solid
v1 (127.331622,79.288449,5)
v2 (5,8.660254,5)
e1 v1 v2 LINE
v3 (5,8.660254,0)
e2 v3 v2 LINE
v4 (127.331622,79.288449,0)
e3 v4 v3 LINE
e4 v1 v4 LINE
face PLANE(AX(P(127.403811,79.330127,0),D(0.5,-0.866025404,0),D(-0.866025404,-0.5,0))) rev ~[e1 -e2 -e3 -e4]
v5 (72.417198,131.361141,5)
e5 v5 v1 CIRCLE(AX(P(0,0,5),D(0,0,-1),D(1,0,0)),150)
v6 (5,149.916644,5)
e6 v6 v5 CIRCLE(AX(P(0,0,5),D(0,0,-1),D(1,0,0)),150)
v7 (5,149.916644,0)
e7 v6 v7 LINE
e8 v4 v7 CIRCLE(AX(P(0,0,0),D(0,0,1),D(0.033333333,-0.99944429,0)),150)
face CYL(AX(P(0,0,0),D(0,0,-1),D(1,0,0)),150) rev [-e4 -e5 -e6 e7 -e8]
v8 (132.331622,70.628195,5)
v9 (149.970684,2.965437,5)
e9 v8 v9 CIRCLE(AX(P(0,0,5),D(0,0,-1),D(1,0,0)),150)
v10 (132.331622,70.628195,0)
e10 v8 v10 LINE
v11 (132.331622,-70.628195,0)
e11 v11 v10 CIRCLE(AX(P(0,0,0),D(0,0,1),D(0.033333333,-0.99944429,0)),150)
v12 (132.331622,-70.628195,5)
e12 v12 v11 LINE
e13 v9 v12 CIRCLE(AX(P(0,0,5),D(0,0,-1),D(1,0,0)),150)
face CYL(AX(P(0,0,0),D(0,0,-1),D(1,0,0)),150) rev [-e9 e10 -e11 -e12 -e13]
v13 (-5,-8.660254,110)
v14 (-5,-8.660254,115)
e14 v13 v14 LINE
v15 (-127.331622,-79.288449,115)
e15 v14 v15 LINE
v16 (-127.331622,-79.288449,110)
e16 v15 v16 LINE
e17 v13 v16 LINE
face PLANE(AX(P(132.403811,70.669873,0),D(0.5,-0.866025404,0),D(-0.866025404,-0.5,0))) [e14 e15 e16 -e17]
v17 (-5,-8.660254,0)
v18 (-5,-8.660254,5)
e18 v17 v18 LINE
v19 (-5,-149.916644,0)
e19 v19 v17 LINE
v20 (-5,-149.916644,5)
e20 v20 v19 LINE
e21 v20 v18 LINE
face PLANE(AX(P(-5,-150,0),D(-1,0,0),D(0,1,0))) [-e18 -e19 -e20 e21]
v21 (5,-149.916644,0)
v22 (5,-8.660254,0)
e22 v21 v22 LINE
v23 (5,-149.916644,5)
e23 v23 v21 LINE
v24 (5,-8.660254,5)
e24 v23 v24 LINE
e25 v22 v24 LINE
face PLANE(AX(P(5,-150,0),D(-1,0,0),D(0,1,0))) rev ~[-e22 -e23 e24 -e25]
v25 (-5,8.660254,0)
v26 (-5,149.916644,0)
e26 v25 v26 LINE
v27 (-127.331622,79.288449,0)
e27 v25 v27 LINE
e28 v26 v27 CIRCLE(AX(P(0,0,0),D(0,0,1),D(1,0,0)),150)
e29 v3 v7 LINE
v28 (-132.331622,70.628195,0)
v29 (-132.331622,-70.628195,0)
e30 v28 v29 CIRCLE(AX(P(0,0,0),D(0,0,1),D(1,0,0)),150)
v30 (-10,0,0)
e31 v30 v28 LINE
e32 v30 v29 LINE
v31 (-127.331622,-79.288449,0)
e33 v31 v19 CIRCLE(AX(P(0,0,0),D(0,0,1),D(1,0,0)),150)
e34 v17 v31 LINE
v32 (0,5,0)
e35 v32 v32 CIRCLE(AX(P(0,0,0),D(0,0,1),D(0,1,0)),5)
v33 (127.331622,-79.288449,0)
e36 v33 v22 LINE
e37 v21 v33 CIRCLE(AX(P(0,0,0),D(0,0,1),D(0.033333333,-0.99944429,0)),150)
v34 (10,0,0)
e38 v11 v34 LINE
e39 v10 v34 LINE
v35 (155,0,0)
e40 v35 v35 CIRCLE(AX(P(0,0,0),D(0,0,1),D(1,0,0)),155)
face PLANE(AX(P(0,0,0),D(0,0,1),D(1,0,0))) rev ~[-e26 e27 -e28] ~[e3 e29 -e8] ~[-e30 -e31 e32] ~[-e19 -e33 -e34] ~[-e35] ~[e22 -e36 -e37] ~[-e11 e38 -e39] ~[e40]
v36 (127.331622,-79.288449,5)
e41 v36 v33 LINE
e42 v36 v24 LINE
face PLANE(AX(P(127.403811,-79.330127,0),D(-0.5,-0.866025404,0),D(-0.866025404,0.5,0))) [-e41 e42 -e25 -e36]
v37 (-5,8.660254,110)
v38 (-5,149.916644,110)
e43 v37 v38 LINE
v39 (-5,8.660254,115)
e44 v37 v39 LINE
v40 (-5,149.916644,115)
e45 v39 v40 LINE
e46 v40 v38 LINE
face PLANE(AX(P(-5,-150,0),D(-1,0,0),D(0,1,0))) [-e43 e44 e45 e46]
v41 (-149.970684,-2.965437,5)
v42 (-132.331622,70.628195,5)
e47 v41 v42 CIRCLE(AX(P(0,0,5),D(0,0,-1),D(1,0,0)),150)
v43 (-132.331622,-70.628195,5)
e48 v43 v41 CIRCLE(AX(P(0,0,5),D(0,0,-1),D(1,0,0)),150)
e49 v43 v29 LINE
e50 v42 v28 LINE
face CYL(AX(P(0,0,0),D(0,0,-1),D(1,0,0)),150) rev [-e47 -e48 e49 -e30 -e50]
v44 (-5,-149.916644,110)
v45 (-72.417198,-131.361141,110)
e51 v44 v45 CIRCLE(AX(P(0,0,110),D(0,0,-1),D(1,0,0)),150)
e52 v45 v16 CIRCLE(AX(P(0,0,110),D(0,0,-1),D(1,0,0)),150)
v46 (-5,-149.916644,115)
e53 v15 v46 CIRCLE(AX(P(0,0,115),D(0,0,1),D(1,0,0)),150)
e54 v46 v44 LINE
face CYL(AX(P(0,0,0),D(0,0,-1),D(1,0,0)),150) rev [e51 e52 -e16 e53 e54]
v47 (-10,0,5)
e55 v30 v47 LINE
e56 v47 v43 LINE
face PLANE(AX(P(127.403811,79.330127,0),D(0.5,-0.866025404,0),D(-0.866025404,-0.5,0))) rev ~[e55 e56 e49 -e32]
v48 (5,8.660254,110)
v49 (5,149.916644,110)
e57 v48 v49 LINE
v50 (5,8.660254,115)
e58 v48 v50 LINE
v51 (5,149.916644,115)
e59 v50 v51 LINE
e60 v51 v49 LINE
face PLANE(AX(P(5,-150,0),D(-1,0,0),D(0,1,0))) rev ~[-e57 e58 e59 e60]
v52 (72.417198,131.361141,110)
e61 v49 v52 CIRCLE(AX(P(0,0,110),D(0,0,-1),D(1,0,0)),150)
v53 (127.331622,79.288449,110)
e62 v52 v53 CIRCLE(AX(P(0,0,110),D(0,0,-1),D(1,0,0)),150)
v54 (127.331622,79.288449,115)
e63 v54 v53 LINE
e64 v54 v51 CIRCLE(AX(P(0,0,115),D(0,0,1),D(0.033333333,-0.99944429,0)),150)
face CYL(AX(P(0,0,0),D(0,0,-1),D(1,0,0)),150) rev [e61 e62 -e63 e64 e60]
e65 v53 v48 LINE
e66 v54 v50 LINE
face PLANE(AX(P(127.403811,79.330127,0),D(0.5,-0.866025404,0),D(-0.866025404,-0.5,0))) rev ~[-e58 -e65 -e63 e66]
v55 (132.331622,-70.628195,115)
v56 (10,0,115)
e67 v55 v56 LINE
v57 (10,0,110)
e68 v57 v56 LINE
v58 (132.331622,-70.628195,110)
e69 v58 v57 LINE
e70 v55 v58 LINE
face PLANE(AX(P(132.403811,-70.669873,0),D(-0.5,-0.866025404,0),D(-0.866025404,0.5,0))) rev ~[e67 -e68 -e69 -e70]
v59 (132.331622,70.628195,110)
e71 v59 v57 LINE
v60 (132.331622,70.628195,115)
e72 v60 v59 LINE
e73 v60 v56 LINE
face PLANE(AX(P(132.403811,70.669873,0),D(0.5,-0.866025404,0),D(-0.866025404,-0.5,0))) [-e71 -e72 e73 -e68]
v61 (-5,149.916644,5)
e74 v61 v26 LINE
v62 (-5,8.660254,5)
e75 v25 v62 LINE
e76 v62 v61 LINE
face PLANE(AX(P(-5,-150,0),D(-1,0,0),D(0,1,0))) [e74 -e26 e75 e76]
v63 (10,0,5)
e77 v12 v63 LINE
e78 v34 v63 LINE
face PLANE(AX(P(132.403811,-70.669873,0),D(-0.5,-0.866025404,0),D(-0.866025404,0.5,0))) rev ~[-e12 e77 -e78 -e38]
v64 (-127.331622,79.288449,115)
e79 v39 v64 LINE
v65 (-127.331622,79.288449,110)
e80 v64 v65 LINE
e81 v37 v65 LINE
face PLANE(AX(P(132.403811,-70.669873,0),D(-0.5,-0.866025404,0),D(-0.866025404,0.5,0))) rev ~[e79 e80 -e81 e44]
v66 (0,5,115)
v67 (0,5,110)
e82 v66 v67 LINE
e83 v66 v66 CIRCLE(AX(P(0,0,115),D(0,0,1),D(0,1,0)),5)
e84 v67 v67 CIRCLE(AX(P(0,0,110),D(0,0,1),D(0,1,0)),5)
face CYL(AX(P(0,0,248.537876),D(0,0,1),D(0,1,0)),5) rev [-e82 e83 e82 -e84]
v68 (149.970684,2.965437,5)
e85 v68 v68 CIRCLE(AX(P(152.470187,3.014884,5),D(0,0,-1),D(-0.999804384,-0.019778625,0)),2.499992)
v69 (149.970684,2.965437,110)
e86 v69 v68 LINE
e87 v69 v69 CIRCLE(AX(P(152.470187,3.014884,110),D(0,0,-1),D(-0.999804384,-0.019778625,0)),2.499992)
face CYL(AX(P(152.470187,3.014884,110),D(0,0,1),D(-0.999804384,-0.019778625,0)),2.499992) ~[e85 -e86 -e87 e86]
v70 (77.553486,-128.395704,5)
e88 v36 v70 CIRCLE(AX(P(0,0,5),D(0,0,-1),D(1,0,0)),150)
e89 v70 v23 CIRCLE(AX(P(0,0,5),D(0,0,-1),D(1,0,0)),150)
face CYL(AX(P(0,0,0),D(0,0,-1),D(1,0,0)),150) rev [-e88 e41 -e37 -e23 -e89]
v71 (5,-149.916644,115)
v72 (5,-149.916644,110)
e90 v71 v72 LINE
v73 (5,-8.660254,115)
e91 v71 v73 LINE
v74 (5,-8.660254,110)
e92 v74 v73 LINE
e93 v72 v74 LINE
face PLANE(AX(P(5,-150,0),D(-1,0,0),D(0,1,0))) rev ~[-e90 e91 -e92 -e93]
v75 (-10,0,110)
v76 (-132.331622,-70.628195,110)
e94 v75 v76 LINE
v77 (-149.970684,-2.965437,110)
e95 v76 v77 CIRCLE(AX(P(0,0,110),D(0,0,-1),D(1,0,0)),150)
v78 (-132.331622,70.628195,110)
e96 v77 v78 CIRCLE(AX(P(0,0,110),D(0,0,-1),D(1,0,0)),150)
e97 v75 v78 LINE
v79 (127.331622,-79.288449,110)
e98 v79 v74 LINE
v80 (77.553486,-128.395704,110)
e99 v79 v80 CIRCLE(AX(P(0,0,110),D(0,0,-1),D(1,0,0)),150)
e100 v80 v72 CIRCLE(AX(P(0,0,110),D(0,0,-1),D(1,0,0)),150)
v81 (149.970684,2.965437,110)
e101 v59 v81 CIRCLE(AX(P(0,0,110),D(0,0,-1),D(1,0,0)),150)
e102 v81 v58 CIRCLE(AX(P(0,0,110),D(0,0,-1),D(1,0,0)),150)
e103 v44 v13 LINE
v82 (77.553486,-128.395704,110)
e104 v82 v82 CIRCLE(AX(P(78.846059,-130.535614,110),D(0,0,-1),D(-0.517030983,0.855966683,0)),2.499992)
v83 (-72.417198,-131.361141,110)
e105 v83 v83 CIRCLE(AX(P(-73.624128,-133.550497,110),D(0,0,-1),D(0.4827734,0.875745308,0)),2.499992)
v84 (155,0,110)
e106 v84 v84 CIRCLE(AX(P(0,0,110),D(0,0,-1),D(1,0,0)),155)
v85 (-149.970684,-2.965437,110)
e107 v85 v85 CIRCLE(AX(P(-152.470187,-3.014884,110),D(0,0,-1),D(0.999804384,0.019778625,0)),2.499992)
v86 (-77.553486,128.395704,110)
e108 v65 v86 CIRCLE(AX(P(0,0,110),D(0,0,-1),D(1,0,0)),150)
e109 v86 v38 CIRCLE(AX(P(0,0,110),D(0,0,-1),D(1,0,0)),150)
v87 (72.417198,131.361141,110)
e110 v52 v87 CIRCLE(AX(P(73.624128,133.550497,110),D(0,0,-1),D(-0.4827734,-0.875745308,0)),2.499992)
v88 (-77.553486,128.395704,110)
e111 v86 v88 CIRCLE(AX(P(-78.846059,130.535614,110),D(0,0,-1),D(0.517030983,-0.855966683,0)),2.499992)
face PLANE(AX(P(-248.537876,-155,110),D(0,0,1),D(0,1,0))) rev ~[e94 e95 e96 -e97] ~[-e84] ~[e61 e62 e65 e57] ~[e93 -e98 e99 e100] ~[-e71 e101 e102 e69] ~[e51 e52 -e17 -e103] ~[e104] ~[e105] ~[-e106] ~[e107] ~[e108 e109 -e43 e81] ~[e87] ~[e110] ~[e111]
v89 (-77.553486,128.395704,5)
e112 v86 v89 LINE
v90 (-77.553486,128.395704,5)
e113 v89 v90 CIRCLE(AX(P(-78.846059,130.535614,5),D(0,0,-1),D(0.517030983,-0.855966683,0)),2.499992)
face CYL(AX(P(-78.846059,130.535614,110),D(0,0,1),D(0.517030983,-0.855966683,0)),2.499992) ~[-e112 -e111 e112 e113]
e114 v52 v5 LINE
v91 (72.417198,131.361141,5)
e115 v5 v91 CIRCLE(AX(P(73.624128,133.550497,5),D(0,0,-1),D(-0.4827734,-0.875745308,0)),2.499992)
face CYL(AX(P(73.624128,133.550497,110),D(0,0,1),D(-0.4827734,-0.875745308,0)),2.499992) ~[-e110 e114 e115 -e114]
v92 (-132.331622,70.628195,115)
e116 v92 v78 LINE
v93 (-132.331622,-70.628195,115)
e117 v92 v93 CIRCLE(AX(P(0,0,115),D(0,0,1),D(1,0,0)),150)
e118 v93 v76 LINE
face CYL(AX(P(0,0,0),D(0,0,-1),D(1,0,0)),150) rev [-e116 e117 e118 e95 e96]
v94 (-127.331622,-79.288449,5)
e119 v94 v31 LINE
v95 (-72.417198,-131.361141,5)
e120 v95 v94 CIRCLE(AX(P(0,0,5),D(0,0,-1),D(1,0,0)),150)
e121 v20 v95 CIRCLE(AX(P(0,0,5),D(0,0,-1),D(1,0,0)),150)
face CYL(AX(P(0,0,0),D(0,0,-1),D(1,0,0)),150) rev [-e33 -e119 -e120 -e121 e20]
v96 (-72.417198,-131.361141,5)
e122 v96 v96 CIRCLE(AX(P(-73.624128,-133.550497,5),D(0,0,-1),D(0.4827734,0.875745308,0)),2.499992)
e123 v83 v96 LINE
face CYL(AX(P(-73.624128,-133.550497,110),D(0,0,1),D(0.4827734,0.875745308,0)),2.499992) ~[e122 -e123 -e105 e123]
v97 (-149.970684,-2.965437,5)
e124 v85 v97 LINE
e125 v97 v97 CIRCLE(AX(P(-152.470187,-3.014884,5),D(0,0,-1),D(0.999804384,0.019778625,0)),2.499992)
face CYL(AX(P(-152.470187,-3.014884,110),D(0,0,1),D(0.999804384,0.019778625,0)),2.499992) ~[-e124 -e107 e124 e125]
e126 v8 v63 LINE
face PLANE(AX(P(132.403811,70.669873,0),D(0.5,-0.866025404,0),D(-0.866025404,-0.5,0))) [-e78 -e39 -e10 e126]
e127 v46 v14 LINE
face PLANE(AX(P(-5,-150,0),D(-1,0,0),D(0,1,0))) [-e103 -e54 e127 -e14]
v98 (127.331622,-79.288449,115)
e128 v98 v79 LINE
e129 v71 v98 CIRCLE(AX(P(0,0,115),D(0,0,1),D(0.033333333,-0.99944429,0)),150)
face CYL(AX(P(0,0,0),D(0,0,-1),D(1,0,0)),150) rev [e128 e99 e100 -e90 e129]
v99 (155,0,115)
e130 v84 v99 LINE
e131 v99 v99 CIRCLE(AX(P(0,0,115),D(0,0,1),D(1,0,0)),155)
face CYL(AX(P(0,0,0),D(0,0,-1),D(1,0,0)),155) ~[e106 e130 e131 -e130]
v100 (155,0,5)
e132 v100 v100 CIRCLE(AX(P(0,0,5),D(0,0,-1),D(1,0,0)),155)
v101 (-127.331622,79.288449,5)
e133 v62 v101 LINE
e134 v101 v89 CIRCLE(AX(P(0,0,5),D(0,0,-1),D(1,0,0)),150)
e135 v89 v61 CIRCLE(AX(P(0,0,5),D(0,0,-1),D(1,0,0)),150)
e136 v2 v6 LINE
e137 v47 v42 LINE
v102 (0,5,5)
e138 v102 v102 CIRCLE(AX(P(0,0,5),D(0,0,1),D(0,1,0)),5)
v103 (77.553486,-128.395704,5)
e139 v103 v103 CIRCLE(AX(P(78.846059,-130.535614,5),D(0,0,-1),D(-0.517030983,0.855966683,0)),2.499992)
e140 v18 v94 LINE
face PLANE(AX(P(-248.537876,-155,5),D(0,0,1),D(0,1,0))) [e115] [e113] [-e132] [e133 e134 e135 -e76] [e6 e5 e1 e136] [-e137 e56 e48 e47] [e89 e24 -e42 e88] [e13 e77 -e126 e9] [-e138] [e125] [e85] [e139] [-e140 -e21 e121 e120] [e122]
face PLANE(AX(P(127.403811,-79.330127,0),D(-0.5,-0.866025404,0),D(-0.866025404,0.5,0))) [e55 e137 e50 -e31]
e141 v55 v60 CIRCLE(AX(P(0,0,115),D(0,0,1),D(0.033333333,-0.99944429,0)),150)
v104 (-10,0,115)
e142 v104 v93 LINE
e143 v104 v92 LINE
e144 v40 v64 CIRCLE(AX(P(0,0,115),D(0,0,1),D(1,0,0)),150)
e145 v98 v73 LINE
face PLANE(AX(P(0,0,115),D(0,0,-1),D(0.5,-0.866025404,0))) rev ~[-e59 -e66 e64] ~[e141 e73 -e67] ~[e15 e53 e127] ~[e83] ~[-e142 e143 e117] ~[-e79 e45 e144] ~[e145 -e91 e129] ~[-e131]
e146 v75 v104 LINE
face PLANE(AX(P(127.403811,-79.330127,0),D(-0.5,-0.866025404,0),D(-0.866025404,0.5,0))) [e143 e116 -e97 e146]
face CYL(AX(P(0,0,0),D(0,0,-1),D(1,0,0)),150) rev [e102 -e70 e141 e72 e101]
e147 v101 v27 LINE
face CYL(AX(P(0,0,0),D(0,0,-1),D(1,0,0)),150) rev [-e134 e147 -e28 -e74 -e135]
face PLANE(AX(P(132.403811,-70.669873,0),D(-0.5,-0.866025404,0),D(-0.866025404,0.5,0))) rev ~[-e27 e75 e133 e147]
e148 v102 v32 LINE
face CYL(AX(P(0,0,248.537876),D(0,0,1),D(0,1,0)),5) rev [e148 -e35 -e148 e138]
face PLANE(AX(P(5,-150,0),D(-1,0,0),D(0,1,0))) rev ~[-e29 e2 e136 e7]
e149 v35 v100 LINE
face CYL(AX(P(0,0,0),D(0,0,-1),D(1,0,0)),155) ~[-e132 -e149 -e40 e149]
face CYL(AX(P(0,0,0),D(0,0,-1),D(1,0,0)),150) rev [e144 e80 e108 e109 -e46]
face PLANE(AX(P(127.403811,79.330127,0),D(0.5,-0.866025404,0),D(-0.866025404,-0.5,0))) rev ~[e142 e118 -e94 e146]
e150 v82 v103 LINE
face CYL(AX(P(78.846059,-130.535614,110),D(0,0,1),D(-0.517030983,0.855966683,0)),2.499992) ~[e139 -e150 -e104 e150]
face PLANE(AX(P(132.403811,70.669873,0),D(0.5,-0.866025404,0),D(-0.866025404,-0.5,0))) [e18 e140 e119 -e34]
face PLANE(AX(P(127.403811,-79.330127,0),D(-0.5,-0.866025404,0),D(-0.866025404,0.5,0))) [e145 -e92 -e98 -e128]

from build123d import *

# Parameters (mm, degrees)
SKETCH1_R               = 155
SKETCH1_R_2             = 150
BOSS_EXTRUDE1_DEPTH     = 115
SKETCH4_W               = 10
SKETCH4_H               = 300
BOSS_EXTRUDE3_DEPTH     = 115
CIRPATTERN1_COUNT       = 3
CIRPATTERN1_ANGLE       = 120
CUT_EXTRUDE1_DEPTH      = 248.53787589
CUT_EXTRUDE1_DEPTH_BACK = 248.53787589
SKETCH2_W               = 105
SKETCH2_H               = 310
SKETCH3_R               = 2.499991986
BOSS_EXTRUDE2_DEPTH     = 105
CIRPATTERN2_COUNT       = 6
CUT_EXTRUDE2_DEPTH      = 248.53787589
CUT_EXTRUDE2_DEPTH_BACK = 248.53787589
SKETCH5_R               = 5


with BuildPart() as part:
    # Sketch1 → Boss-Extrude1 (new body)
    with BuildSketch(Plane.XY):
        Circle(SKETCH1_R)
        Circle(SKETCH1_R_2, mode=Mode.SUBTRACT)
    extrude(amount=BOSS_EXTRUDE1_DEPTH)

    # Sketch4 → Boss-Extrude3 (add)
    with BuildSketch(Plane(origin=(0, 0, 0), x_dir=(-1, 0, 0), z_dir=(0, 0, -1))):
        Rectangle(SKETCH4_W, SKETCH4_H)
    boss_extrude3 = extrude(amount=-BOSS_EXTRUDE3_DEPTH)

    # CirPattern1: Boss-Extrude3 ×3 about axis
    cirpattern1_axis = Axis((0, 0, 0), (0, 0, 1))
    for i in range(1, CIRPATTERN1_COUNT):
        add(boss_extrude3.rotate(cirpattern1_axis, i * CIRPATTERN1_ANGLE / (CIRPATTERN1_COUNT - 1)))

    # Sketch2 → Cut-Extrude1 (cut, two sides: drawn at the far end of the back side and taken through both)
    with BuildSketch(Plane(origin=(0, 0, 0), x_dir=(0, 0, -1), z_dir=(1, 0, 0)).offset(-CUT_EXTRUDE1_DEPTH_BACK)):
        with Locations((-57.5, 0)):
            Rectangle(SKETCH2_W, SKETCH2_H)
    extrude(amount=CUT_EXTRUDE1_DEPTH + CUT_EXTRUDE1_DEPTH_BACK, mode=Mode.SUBTRACT)


with BuildPart() as cut_extrude1_piece_1:
    # of the separate pieces the step leaves, piece 1, a body of its own (cut_extrude1_pieces)
    add(part.part.solids().sort_by_distance((155, 0, 110))[0])



with BuildPart() as cut_extrude1_piece_2:
    # of the separate pieces the step leaves, piece 2, a body of its own (cut_extrude1_pieces)
    add(part.part.solids().sort_by_distance((155, 0, 0))[0])


with BuildPart() as cut_extrude1_piece_1_1:
    add(cut_extrude1_piece_1.part)

    add(cut_extrude1_piece_2.part)  # Boss-Extrude2 merges Cut-Extrude1 piece 2
    # Sketch3 → Boss-Extrude2 (add)
    with BuildSketch(Plane(origin=(0, 0, 110), x_dir=(-1, 0, 0), z_dir=(0, 0, -1))):
        with Locations(Location((78.846059419, 130.535613799, 0), (0, 0, 238.866694375))):
            Circle(SKETCH3_R)
    boss_extrude2 = extrude(amount=BOSS_EXTRUDE2_DEPTH)

    # CirPattern2: Boss-Extrude2 ×6 about axis
    cirpattern2_axis = Axis((0, 0, 0), (0, 0, 1))
    for i in range(1, CIRPATTERN2_COUNT):
        add(boss_extrude2.rotate(cirpattern2_axis, i * 360 / CIRPATTERN2_COUNT))

    # Sketch5 → Cut-Extrude2 (cut, two sides: drawn at the far end of the back side and taken through both)
    with BuildSketch(Plane(origin=(0, 0, 0), x_dir=(-1, 0, 0), z_dir=(0, 0, -1)).offset(-CUT_EXTRUDE2_DEPTH_BACK)):
        with Locations(Location((0, 0, 0), (0, 0, 90))):
            Circle(SKETCH5_R)
    extrude(amount=CUT_EXTRUDE2_DEPTH + CUT_EXTRUDE2_DEPTH_BACK, mode=Mode.SUBTRACT)


solid = cut_extrude1_piece_1_1.part
